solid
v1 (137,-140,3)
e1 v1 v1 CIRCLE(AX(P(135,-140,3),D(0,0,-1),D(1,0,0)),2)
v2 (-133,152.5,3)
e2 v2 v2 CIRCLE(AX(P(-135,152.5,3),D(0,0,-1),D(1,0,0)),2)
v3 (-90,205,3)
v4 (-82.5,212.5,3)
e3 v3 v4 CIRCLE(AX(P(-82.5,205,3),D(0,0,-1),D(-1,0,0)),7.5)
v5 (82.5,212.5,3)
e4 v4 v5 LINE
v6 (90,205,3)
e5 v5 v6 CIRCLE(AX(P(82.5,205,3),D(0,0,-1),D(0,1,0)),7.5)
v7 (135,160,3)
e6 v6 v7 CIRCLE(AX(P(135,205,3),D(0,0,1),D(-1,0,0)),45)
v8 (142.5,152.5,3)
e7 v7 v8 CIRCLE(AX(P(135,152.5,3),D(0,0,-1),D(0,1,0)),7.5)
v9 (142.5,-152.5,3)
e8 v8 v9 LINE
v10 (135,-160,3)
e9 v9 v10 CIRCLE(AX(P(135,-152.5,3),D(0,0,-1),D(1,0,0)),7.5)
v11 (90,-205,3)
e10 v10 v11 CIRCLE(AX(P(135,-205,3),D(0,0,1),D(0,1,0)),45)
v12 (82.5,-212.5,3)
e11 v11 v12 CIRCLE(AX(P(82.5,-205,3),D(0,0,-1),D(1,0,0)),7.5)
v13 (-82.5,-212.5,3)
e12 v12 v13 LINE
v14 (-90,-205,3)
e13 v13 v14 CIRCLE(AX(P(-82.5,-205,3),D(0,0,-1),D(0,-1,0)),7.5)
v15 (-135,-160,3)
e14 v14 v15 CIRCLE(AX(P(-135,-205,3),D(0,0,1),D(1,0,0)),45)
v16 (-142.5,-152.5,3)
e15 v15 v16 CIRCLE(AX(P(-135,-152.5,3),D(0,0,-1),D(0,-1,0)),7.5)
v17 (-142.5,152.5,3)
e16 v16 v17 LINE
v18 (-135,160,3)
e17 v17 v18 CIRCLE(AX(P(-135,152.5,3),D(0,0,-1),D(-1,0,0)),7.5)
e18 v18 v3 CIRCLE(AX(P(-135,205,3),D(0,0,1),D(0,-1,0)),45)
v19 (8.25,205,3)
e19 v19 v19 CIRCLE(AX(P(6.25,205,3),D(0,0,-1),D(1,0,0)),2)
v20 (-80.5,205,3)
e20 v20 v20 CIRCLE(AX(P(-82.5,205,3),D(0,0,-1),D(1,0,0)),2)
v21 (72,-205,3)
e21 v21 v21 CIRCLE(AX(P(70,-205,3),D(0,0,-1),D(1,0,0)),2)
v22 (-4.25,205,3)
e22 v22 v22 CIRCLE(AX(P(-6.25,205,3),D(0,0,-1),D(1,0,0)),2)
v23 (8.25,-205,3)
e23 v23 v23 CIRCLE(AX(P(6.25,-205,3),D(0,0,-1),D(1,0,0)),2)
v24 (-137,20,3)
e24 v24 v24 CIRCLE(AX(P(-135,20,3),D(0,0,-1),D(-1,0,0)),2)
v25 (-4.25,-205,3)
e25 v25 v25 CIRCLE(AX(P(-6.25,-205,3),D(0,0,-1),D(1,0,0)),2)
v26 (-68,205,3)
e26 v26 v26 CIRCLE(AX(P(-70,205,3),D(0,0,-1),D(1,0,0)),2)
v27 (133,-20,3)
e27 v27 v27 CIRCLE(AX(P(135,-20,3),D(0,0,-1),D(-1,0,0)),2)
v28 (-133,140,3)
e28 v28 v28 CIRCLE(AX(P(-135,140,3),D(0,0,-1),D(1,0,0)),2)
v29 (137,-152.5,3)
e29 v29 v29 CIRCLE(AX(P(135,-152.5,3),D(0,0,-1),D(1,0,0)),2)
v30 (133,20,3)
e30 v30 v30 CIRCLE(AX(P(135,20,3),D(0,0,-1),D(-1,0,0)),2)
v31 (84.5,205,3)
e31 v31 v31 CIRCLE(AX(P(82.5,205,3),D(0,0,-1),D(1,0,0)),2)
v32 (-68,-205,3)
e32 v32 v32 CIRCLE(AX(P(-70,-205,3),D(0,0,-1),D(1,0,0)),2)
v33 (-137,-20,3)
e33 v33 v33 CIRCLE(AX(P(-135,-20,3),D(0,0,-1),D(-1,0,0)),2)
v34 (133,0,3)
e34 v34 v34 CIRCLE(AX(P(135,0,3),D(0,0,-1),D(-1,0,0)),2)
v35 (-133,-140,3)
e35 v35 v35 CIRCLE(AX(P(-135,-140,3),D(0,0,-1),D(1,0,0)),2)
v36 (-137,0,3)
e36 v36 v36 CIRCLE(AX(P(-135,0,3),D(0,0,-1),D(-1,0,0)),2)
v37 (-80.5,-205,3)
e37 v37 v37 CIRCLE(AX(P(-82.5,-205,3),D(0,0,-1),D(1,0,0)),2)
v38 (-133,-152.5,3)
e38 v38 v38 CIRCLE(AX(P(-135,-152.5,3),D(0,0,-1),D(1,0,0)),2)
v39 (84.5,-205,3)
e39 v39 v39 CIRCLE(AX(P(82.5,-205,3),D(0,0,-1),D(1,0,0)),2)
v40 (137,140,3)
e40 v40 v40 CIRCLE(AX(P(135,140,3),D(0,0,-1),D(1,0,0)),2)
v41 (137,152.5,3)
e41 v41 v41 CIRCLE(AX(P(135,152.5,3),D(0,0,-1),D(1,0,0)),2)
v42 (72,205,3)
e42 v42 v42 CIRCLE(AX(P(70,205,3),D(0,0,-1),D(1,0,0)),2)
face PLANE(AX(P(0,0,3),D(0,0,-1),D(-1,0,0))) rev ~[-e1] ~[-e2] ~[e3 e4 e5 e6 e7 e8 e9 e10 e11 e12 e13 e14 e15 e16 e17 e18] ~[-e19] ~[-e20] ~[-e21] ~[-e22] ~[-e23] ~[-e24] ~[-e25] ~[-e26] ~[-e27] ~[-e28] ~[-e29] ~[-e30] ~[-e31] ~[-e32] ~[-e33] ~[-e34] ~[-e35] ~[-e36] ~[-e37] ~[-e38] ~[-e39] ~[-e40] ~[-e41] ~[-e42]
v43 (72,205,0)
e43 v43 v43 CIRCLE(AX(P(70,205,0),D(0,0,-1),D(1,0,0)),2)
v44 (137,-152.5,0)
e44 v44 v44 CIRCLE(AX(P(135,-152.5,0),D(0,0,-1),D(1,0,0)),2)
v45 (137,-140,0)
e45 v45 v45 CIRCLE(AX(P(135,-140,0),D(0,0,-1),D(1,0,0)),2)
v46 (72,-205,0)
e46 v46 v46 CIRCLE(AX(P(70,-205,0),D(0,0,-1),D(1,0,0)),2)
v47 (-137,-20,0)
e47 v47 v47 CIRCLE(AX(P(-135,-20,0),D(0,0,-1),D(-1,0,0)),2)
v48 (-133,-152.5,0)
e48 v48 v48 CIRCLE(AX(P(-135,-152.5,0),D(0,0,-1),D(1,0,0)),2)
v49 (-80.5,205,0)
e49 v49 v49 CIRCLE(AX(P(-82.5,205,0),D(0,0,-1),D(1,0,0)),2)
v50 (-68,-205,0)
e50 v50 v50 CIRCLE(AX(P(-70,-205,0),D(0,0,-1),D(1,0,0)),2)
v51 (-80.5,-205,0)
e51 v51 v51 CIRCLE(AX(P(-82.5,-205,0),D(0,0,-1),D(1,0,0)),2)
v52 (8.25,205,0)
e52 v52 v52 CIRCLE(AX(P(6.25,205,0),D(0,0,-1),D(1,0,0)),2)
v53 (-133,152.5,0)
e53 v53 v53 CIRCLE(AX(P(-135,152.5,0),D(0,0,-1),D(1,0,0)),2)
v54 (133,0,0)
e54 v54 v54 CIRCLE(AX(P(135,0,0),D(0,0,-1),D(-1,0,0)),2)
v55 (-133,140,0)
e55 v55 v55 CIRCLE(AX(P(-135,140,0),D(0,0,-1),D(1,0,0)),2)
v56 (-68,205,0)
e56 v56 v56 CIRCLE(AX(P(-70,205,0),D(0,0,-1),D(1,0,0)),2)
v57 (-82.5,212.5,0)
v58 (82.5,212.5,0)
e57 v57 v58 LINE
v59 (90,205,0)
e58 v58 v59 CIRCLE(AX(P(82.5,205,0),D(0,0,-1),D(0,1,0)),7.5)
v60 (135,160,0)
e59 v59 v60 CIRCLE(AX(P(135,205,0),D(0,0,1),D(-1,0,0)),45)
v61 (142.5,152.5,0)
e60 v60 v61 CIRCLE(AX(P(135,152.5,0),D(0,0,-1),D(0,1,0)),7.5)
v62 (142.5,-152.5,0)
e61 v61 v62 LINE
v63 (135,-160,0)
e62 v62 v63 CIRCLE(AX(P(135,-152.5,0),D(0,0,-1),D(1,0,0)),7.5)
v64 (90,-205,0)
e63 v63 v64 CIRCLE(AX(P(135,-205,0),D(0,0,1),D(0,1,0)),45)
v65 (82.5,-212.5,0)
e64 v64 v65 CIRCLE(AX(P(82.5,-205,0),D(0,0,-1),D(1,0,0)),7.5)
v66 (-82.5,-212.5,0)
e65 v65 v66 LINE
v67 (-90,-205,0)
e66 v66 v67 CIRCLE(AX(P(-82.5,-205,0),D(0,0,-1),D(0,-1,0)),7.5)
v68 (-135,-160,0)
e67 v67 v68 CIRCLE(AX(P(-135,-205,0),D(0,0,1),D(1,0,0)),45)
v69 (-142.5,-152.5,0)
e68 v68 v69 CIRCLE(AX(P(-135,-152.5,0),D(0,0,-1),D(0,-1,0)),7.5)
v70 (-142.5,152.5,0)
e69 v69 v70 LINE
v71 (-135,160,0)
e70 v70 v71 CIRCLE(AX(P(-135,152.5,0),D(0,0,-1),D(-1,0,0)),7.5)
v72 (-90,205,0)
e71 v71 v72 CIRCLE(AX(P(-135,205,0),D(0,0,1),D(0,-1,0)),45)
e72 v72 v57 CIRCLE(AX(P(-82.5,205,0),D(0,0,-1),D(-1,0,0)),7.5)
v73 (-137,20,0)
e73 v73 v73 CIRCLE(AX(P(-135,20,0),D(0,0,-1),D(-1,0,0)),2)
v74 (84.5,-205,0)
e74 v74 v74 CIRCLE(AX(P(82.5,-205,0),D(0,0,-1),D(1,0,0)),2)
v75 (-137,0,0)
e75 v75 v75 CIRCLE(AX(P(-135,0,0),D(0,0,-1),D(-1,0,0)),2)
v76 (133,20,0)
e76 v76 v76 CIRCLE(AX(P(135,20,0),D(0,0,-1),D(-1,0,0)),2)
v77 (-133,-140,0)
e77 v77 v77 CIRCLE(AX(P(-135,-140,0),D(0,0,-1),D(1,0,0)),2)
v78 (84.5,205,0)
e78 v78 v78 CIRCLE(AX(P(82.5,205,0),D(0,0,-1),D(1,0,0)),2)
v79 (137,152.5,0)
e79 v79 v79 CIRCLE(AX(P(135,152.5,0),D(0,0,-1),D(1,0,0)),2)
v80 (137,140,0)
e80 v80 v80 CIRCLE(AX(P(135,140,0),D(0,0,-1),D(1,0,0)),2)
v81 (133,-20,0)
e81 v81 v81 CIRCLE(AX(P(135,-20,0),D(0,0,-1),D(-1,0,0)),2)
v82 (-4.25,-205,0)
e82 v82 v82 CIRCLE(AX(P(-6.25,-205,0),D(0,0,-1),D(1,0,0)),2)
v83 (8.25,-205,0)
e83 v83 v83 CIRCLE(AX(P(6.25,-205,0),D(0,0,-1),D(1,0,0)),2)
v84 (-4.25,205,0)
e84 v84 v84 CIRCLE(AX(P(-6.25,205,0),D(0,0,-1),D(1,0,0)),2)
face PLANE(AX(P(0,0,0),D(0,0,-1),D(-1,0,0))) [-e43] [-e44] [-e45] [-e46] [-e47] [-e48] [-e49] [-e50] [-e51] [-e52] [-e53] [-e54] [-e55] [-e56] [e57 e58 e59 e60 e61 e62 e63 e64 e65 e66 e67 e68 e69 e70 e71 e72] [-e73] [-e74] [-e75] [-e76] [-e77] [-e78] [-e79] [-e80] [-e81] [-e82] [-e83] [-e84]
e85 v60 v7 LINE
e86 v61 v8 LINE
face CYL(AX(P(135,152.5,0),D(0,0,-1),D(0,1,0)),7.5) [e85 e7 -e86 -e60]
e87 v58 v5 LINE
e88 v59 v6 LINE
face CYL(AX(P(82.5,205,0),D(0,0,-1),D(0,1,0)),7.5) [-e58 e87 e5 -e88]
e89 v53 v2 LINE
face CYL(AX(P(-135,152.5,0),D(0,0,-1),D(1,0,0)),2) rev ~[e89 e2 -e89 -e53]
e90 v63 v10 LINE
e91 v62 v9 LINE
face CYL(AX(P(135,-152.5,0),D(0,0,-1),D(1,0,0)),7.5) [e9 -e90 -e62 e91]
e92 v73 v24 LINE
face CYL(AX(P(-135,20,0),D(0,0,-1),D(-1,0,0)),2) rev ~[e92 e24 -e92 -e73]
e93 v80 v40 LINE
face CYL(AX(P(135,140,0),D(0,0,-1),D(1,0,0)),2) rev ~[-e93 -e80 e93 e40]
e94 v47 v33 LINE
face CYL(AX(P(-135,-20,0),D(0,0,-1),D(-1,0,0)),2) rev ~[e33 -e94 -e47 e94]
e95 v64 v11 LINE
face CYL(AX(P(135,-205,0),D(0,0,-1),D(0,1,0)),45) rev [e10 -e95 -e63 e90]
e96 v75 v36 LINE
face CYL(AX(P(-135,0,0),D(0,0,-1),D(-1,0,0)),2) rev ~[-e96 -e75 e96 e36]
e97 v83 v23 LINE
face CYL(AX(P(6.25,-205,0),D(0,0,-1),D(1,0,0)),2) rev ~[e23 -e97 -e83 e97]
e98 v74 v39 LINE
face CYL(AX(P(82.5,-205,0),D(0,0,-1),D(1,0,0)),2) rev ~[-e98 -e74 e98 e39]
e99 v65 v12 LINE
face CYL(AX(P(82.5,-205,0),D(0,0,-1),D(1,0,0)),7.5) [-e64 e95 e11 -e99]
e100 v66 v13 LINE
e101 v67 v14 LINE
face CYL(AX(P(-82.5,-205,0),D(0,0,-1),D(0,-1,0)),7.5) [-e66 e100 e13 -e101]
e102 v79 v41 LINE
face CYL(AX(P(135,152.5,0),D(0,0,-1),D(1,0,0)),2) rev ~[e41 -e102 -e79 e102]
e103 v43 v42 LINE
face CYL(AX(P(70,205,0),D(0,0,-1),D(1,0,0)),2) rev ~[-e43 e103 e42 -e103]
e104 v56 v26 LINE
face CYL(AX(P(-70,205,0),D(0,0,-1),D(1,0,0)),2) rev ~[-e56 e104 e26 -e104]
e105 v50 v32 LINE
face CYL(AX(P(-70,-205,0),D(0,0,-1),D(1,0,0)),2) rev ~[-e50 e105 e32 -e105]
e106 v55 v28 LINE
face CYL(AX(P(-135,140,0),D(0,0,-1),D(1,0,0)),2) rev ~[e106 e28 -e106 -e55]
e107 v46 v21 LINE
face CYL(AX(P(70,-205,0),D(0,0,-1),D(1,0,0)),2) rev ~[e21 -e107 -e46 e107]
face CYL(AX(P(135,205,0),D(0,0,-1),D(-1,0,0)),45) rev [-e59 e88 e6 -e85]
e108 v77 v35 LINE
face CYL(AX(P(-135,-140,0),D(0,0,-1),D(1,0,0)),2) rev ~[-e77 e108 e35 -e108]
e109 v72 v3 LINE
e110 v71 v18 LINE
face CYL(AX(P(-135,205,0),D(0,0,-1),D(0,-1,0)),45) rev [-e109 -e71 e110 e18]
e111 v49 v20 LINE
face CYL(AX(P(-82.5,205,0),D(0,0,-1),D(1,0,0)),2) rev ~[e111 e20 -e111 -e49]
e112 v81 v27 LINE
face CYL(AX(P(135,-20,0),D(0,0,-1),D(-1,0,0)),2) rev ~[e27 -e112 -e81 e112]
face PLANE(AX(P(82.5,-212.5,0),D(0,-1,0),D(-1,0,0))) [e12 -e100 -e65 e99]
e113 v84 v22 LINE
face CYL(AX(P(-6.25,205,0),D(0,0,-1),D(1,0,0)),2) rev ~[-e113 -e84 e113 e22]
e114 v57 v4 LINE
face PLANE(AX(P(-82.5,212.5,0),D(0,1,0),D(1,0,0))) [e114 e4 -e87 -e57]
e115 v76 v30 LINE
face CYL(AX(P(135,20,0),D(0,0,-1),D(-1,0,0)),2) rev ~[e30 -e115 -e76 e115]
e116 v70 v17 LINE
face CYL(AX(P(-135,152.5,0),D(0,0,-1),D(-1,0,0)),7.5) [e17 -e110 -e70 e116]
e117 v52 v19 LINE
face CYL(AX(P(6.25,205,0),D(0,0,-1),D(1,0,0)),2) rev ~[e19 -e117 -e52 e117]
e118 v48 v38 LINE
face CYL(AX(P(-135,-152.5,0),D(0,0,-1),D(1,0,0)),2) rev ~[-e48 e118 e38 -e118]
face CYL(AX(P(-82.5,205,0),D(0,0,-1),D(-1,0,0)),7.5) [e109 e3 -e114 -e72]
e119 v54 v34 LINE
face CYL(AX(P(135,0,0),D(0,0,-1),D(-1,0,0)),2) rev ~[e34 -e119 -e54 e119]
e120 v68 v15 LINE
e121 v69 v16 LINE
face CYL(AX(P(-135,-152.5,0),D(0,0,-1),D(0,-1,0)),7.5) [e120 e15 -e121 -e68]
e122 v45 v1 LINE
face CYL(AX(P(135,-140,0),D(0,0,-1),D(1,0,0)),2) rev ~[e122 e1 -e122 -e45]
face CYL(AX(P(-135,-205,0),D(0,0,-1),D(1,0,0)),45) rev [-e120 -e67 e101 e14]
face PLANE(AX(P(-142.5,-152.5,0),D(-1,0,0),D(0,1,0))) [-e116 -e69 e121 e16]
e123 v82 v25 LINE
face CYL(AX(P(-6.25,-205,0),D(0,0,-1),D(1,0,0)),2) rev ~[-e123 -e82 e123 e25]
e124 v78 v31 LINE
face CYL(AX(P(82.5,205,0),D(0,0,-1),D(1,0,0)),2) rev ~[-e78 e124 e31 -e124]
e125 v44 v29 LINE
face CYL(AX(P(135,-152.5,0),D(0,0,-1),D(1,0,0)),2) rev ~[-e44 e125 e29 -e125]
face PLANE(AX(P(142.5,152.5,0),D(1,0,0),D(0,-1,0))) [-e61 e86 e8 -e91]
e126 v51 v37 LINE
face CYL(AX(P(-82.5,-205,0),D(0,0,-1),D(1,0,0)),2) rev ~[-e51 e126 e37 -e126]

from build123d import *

# Parameters (mm, degrees)
SKETCH1_R           = 2
BOSS_EXTRUDE1_DEPTH = 3


with BuildPart() as part:
    # Sketch1 → Boss-Extrude1 (new body)
    with BuildSketch(Plane(origin=(0, 0, 0), x_dir=(-1, 0, 0), z_dir=(0, 0, -1))):
        with BuildLine():
            Line((-82.5, -212.5), (82.5, -212.5))
            ThreePointArc((82.5, -212.5), (87.803300859, -210.303300859), (90, -205))
            ThreePointArc((90, -205), (103.180194847, -173.180194847), (135, -160))
            ThreePointArc((135, -160), (140.303300859, -157.803300859), (142.5, -152.5))
            Line((142.5, -152.5), (142.5, 152.5))
            ThreePointArc((142.5, 152.5), (140.303300859, 157.803300859), (135, 160))
            ThreePointArc((135, 160), (103.180194847, 173.180194847), (90, 205))
            ThreePointArc((90, 205), (87.803300859, 210.303300859), (82.5, 212.5))
            Line((82.5, 212.5), (-82.5, 212.5))
            ThreePointArc((-82.5, 212.5), (-87.803300859, 210.303300859), (-90, 205))
            ThreePointArc((-90, 205), (-103.180194847, 173.180194847), (-135, 160))
            ThreePointArc((-135, 160), (-140.303300859, 157.803300859), (-142.5, 152.5))
            Line((-142.5, 152.5), (-142.5, -152.5))
            ThreePointArc((-142.5, -152.5), (-140.303300859, -157.803300859), (-135, -160))
            ThreePointArc((-135, -160), (-103.180194847, -173.180194847), (-90, -205))
            ThreePointArc((-90, -205), (-87.803300859, -210.303300859), (-82.5, -212.5))
        make_face()
        with Locations((-135, 20)):
            Circle(SKETCH1_R, mode=Mode.SUBTRACT)
        with Locations(Location((-135, -140, 0), (0, 0, 180))):
            Circle(SKETCH1_R, mode=Mode.SUBTRACT)
        with Locations(Location((-82.5, -205, 0), (0, 0, 180))):
            Circle(SKETCH1_R, mode=Mode.SUBTRACT)
        with Locations(Location((-6.25, -205, 0), (0, 0, 180))):
            Circle(SKETCH1_R, mode=Mode.SUBTRACT)
        with Locations((135, 20)):
            Circle(SKETCH1_R, mode=Mode.SUBTRACT)
        with Locations(Location((135, 140, 0), (0, 0, 180))):
            Circle(SKETCH1_R, mode=Mode.SUBTRACT)
        with Locations(Location((82.5, 205, 0), (0, 0, 180))):
            Circle(SKETCH1_R, mode=Mode.SUBTRACT)
        with Locations(Location((70, 205, 0), (0, 0, 180))):
            Circle(SKETCH1_R, mode=Mode.SUBTRACT)
        with Locations(Location((135, 152.5, 0), (0, 0, 180))):
            Circle(SKETCH1_R, mode=Mode.SUBTRACT)
        with Locations((135, 0)):
            Circle(SKETCH1_R, mode=Mode.SUBTRACT)
        with Locations((135, -20)):
            Circle(SKETCH1_R, mode=Mode.SUBTRACT)
        with Locations((-135, 0)):
            Circle(SKETCH1_R, mode=Mode.SUBTRACT)
        with Locations(Location((135, -140, 0), (0, 0, 180))):
            Circle(SKETCH1_R, mode=Mode.SUBTRACT)
        with Locations(Location((135, -152.5, 0), (0, 0, 180))):
            Circle(SKETCH1_R, mode=Mode.SUBTRACT)
        with Locations(Location((82.5, -205, 0), (0, 0, 180))):
            Circle(SKETCH1_R, mode=Mode.SUBTRACT)
        with Locations(Location((70, -205, 0), (0, 0, 180))):
            Circle(SKETCH1_R, mode=Mode.SUBTRACT)
        with Locations(Location((6.25, -205, 0), (0, 0, 180))):
            Circle(SKETCH1_R, mode=Mode.SUBTRACT)
        with Locations(Location((-70, -205, 0), (0, 0, 180))):
            Circle(SKETCH1_R, mode=Mode.SUBTRACT)
        with Locations(Location((-135, -152.5, 0), (0, 0, 180))):
            Circle(SKETCH1_R, mode=Mode.SUBTRACT)
        with Locations((-135, -20)):
            Circle(SKETCH1_R, mode=Mode.SUBTRACT)
        with Locations(Location((-135, 140, 0), (0, 0, 180))):
            Circle(SKETCH1_R, mode=Mode.SUBTRACT)
        with Locations(Location((6.25, 205, 0), (0, 0, 180))):
            Circle(SKETCH1_R, mode=Mode.SUBTRACT)
        with Locations(Location((-6.25, 205, 0), (0, 0, 180))):
            Circle(SKETCH1_R, mode=Mode.SUBTRACT)
        with Locations(Location((-70, 205, 0), (0, 0, 180))):
            Circle(SKETCH1_R, mode=Mode.SUBTRACT)
        with Locations(Location((-135, 152.5, 0), (0, 0, 180))):
            Circle(SKETCH1_R, mode=Mode.SUBTRACT)
        with Locations(Location((-82.5, 205, 0), (0, 0, 180))):
            Circle(SKETCH1_R, mode=Mode.SUBTRACT)
    extrude(amount=-BOSS_EXTRUDE1_DEPTH)


solid = part.part
